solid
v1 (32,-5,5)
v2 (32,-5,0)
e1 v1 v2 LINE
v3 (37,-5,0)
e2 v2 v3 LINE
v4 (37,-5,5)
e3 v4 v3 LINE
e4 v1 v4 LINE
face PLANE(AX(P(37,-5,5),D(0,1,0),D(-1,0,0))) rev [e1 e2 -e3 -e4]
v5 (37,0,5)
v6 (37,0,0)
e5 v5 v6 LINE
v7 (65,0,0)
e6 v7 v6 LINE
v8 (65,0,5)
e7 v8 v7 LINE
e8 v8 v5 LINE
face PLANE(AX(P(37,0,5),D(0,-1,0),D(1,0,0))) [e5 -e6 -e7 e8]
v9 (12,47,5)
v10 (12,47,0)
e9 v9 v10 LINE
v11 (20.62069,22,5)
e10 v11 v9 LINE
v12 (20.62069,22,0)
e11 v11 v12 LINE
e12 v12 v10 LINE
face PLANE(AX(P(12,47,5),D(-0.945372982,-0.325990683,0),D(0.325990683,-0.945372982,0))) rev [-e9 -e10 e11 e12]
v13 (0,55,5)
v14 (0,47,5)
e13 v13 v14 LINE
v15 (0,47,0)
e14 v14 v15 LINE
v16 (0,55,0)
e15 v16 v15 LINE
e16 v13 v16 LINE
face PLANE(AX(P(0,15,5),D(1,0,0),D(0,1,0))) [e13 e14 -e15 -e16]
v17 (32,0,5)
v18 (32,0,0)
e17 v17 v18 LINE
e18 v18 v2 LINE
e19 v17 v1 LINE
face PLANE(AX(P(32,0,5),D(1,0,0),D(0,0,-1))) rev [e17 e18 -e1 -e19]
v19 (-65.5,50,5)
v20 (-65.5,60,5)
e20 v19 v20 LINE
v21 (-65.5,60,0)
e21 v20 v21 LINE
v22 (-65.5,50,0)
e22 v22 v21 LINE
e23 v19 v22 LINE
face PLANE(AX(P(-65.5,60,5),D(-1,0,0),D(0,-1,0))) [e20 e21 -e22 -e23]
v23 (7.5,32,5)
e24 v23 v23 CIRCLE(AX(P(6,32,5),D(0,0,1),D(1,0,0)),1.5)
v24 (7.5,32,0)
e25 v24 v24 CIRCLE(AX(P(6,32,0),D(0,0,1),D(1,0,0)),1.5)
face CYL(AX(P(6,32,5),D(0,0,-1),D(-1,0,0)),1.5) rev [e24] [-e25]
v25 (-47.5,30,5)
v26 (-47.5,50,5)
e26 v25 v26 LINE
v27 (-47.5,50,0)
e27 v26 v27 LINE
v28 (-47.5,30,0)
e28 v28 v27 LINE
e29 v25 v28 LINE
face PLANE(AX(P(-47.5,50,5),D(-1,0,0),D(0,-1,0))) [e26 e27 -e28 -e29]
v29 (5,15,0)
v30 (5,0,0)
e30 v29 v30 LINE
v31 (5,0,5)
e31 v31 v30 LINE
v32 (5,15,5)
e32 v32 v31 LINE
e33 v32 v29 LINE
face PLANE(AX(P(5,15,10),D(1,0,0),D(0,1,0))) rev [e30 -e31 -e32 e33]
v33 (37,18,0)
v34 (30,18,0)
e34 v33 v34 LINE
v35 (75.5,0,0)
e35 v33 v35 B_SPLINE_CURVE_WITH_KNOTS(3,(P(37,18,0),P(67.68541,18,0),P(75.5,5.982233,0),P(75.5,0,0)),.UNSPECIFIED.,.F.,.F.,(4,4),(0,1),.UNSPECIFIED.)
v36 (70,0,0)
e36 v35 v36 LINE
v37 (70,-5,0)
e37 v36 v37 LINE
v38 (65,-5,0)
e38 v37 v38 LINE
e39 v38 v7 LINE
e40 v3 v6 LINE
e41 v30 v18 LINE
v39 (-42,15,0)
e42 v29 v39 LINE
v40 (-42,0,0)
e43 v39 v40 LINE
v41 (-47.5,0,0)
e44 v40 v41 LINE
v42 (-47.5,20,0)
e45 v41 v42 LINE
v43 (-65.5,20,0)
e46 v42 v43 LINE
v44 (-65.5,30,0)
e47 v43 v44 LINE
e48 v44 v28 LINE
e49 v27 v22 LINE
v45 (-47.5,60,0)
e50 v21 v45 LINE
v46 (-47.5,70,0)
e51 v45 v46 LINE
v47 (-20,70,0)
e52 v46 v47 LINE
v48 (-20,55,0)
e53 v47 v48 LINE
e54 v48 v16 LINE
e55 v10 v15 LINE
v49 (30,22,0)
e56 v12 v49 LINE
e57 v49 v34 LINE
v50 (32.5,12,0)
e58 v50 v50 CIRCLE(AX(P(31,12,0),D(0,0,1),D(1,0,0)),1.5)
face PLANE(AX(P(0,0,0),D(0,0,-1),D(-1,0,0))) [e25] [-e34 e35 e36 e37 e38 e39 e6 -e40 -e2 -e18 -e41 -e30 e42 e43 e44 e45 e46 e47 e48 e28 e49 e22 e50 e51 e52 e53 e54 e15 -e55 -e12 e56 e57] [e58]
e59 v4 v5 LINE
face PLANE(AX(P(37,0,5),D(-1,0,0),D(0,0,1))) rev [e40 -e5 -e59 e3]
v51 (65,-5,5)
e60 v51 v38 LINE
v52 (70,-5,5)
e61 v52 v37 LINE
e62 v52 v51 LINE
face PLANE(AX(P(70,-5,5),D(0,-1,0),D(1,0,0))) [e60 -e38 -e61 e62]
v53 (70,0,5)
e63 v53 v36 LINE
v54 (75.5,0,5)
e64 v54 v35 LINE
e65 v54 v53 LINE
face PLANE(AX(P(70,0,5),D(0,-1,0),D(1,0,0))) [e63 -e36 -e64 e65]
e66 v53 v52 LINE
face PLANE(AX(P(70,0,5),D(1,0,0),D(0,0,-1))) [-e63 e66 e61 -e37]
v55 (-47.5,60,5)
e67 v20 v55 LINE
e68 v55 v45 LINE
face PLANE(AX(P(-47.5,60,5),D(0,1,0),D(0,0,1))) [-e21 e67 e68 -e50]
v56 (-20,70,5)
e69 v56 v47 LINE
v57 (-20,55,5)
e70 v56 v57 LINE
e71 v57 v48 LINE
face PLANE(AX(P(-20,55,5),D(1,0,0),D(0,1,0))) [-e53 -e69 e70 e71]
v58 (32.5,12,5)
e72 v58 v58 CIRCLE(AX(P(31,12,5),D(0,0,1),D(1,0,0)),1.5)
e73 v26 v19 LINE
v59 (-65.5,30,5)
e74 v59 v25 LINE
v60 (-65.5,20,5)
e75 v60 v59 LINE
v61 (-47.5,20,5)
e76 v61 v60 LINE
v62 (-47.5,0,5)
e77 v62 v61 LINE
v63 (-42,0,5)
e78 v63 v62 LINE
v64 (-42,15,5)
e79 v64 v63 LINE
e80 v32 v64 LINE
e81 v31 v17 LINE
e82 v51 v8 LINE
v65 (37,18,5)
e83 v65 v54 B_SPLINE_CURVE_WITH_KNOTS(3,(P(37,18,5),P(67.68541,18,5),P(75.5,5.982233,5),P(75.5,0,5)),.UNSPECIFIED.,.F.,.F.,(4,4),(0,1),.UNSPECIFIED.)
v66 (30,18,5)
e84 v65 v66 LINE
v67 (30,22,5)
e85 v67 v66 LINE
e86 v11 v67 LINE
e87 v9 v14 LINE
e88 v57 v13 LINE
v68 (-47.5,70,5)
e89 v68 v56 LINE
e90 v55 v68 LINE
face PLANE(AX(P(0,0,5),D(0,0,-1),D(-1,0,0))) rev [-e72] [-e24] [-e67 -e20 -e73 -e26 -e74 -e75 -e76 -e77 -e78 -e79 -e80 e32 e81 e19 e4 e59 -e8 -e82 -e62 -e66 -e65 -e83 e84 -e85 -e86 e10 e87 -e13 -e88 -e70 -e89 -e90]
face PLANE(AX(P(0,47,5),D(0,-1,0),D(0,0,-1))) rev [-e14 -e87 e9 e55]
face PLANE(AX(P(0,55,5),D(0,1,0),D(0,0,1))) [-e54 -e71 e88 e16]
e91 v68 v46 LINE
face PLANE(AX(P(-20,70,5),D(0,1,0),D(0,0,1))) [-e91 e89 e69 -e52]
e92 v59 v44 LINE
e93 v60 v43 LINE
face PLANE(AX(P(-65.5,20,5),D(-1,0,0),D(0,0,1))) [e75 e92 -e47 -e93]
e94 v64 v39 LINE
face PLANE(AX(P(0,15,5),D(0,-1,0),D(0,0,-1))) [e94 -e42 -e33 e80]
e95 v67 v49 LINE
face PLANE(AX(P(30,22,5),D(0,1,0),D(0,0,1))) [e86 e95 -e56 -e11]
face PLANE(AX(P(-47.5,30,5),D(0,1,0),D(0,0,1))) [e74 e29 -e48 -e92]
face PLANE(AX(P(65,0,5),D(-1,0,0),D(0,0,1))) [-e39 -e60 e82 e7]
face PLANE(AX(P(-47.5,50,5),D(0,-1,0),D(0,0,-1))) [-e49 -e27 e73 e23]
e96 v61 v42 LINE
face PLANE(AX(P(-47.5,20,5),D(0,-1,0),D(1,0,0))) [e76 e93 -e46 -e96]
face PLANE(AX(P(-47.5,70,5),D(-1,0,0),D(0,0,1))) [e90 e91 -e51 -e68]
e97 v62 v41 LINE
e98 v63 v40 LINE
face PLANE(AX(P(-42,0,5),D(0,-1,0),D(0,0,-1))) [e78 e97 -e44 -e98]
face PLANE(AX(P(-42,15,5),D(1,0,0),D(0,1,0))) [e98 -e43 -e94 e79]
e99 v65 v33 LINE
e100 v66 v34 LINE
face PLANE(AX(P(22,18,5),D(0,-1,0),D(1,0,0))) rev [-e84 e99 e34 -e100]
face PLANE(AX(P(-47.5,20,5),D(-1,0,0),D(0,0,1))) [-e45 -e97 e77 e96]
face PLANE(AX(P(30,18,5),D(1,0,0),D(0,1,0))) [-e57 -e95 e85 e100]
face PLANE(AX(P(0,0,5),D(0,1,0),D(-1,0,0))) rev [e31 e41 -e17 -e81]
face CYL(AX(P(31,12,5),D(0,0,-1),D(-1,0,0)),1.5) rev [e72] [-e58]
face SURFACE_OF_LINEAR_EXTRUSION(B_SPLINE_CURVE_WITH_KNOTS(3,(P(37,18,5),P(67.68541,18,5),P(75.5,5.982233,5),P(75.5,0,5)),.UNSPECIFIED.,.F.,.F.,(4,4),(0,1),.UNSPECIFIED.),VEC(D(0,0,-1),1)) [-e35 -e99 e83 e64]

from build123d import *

# Parameters (mm, degrees)
ESQUISSE1_R             = 1.5
BOSS_EXTRU_1_DEPTH      = 5
BOSS_EXTRU_2_DEPTH      = 5
ESQUISSE4_W             = 5
ESQUISSE4_H             = 15
ENL_V_MAT_EXTRU_1_DEPTH = 10


with BuildPart() as part:
    # Esquisse1 → Boss.-Extru.1 (new body)
    with BuildSketch(Plane.XY):
        Polygon((0, 0), (32, 0), (32, -5), (37, -5), (37, 0), (37, 18), (22, 18), (12, 47), (0, 47), align=None)
        with Locations((6, 32)):
            Circle(ESQUISSE1_R, mode=Mode.SUBTRACT)
        with Locations((31, 12)):
            Circle(ESQUISSE1_R, mode=Mode.SUBTRACT)
    extrude(amount=BOSS_EXTRU_1_DEPTH)

    # Esquisse2 → Boss.-Extru.2 (add)
    with BuildSketch(Plane(origin=(0, 0, 0), x_dir=(-1, 0, 0), z_dir=(0, 0, -1))):
        with BuildLine():
            Line((-37, 0), (-65, 0))
            Line((-65, 0), (-65, -5))
            Line((-65, -5), (-70, -5))
            Line((-70, -5), (-70, 0))
            Line((-70, 0), (-75.5, 0))
            add(Edge.make_bspline(
                [(-75.5, 0), (-75.5, 5.982232529), (-67.685409636, 18), (-37, 18)],
                knots=[0, 0, 0, 0, 1, 1, 1, 1], degree=3))
            Line((-37, 18), (-37, 0))
        make_face()
        Polygon((42, 0), (47.5, 0), (47.5, 20), (65.5, 20), (65.5, 30), (47.5, 30), (47.5, 50), (65.5, 50), (65.5, 60), (47.5, 60), (47.5, 70), (20, 70), (20, 55), (0, 55), (0, 15), (42, 15), align=None)
        Polygon((-30, 18), (-22, 18), (-20.620689655, 22), (-30, 22), align=None)
    extrude(amount=-BOSS_EXTRU_2_DEPTH)

    # Esquisse4 → Enlèv. mat.-Extru.1 (cut)
    with BuildSketch(Plane(origin=(0, 0, 0), x_dir=(-1, 0, 0), z_dir=(0, 0, -1))):
        with Locations((-2.5, 7.5)):
            Rectangle(ESQUISSE4_W, ESQUISSE4_H)
    extrude(amount=-ENL_V_MAT_EXTRU_1_DEPTH, mode=Mode.SUBTRACT)


solid = part.part
